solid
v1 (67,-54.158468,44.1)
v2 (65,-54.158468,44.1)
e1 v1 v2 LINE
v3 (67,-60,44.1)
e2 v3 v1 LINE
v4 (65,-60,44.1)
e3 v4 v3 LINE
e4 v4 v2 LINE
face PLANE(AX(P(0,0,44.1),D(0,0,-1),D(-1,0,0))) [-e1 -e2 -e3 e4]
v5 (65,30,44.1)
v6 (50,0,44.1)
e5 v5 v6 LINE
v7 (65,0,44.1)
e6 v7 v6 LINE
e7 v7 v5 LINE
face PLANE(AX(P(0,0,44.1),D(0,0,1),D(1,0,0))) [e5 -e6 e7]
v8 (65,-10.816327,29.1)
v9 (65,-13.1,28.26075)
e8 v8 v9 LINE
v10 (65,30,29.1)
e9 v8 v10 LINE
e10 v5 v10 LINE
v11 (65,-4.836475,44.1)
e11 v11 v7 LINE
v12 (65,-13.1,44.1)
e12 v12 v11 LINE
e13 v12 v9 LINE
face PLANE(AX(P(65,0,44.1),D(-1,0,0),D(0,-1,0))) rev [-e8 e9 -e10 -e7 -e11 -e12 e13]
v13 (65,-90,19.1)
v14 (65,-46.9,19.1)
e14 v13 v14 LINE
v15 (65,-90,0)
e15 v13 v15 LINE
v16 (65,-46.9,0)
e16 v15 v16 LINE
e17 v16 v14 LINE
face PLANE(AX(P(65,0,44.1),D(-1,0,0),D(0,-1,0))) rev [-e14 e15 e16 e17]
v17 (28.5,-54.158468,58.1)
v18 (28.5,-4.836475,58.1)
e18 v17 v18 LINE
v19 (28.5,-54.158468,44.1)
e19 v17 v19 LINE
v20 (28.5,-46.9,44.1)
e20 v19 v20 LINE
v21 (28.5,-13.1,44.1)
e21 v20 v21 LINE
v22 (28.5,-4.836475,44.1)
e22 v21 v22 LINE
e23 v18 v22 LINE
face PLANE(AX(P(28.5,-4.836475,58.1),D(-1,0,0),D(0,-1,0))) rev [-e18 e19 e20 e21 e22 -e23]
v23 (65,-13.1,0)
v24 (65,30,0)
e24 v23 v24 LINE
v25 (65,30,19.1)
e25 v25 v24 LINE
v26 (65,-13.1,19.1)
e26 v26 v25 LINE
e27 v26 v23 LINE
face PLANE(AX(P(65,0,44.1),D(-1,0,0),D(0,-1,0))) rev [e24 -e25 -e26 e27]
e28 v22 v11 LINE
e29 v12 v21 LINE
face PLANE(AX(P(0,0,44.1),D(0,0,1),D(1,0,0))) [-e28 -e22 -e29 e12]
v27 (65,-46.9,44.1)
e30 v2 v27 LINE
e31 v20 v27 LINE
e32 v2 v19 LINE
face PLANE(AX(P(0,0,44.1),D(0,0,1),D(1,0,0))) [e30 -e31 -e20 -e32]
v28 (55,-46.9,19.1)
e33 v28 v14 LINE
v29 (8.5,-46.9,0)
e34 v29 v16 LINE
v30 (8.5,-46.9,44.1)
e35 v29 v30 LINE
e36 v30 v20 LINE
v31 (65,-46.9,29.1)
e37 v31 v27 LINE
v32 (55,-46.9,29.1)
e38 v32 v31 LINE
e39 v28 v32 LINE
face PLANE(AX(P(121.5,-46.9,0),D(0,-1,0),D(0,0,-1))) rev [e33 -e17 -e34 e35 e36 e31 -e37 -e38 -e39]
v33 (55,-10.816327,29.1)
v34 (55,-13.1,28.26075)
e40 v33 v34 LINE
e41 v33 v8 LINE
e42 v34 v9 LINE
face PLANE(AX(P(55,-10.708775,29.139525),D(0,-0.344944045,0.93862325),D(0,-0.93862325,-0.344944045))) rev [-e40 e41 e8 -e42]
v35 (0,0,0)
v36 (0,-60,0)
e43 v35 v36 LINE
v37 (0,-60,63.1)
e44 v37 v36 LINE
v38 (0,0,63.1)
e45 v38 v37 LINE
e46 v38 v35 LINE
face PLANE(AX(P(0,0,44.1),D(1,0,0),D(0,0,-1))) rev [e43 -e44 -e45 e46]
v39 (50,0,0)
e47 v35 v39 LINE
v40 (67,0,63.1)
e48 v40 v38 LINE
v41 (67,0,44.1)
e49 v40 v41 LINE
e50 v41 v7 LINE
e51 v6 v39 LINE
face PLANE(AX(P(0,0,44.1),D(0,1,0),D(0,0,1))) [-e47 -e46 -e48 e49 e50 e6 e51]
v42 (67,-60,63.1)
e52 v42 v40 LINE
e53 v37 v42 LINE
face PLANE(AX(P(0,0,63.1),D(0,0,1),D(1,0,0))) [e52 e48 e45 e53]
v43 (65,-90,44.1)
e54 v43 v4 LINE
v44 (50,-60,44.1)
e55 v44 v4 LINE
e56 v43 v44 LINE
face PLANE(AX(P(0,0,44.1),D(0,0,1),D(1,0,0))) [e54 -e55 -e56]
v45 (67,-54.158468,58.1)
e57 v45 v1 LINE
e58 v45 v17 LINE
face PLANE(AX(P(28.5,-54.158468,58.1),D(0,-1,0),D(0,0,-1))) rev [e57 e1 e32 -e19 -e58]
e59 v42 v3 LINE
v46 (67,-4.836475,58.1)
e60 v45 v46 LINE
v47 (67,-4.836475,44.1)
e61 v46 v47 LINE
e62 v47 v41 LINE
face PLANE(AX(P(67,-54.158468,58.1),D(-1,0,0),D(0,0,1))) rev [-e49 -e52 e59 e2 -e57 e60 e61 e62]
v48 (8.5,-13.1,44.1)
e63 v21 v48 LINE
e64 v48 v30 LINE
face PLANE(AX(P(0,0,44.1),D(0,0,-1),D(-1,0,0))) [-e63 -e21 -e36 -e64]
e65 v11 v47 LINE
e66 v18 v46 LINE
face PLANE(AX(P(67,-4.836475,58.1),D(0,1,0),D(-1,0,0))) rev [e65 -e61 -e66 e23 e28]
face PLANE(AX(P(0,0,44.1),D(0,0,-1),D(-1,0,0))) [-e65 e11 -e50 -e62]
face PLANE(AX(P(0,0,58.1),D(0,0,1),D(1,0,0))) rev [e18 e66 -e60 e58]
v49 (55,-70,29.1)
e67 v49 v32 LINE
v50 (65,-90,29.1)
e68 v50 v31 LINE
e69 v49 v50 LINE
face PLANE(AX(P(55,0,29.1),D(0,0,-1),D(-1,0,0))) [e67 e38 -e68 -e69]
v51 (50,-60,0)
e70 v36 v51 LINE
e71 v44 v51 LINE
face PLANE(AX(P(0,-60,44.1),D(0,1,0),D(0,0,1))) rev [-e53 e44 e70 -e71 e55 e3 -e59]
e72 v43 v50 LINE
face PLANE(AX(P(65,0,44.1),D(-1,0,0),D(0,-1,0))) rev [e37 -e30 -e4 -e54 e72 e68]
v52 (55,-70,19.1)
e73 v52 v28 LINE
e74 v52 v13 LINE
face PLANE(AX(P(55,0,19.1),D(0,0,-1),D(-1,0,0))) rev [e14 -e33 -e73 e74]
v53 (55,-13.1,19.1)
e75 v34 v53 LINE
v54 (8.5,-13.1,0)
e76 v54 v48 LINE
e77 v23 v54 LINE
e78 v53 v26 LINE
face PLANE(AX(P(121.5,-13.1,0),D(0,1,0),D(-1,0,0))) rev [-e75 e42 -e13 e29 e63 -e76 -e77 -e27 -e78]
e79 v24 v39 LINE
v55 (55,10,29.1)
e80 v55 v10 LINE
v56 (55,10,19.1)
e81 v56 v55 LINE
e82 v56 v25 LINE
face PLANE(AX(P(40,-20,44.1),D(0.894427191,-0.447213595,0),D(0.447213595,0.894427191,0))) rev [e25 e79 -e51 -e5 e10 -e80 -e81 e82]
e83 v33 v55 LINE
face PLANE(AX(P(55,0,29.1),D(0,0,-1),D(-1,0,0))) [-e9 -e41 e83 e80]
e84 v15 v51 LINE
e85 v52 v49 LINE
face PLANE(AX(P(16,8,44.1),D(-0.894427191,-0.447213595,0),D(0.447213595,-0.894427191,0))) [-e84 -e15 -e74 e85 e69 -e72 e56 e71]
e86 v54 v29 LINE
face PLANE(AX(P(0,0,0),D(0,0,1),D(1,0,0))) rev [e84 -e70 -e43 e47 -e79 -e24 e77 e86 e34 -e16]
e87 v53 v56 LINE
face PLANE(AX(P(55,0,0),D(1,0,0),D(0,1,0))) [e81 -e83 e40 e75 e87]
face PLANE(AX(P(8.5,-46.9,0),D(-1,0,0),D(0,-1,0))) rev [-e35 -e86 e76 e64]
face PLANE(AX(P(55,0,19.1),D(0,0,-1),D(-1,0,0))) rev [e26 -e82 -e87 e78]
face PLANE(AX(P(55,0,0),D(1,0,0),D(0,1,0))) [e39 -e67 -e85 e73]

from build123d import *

# Parameters (mm, degrees)
SKETCH_1_W          = 50
SKETCH_1_H          = 60
EXTRUDE_1_DEPTH     = 44.1
SKETCH_2_W          = 113
SKETCH_2_H          = 33.8
CUT_EXTRUDE_1_DEPTH = 120.456310005
CUT_EXTRUDE_2_DEPTH = 10
EXTRUDE_2_DEPTH     = 14
SKETCH_5_W          = 67
SKETCH_5_H          = 60
EXTRUDE_3_DEPTH     = 5


with BuildPart() as part:
    # 草图1 → 凸台-拉伸1 (new body)
    with BuildSketch(Plane.XY):
        with Locations((25, -30)):
            Rectangle(SKETCH_1_W, SKETCH_1_H)
        Polygon((50, 0), (50, -30), (65, -30), (65, 30), align=None)
        Polygon((65, -30), (50, -30), (50, -60), (65, -90), align=None)
    extrude(amount=EXTRUDE_1_DEPTH)

    # 草图2 → 切除-拉伸1 (cut, through all)
    with BuildSketch(Plane.XY.offset(44.1)):
        with Locations((65, -30)):
            Rectangle(SKETCH_2_W, SKETCH_2_H)
    extrude(amount=-CUT_EXTRUDE_1_DEPTH, mode=Mode.SUBTRACT)

    # 草图3 → 切除-拉伸2 (cut)
    with BuildSketch(Plane(origin=(65, 0, 0), x_dir=(0, 0, -1), z_dir=(1, 0, 0))):
        Polygon((-19.1, -38.027210884), (-28.26075, -13.1), (-29.1, -13.1), (-29.1, -90), (-19.1, -90), align=None)
        Polygon((-29.1, 30), (-29.1, -10.816326531), (-28.26075, -13.1), (-19.1, -13.1), (-19.1, 30), align=None)
    extrude(amount=-CUT_EXTRUDE_2_DEPTH, mode=Mode.SUBTRACT)

    # 草图4 → 凸台-拉伸2 (add)
    with BuildSketch(Plane.XY.offset(44.1)):
        Polygon((0, 0), (0, -60), (67, -60), (67, -54.158468487), (28.5, -54.158468487), (28.5, -4.836475325), (67, -4.836475325), (67, 0), align=None)
    extrude(amount=EXTRUDE_2_DEPTH)

    # 草图5 → 凸台-拉伸3 (add)
    with BuildSketch(Plane.XY.offset(58.1)):
        with Locations((33.5, -30)):
            Rectangle(SKETCH_5_W, SKETCH_5_H)
    extrude(amount=EXTRUDE_3_DEPTH)


solid = part.part
